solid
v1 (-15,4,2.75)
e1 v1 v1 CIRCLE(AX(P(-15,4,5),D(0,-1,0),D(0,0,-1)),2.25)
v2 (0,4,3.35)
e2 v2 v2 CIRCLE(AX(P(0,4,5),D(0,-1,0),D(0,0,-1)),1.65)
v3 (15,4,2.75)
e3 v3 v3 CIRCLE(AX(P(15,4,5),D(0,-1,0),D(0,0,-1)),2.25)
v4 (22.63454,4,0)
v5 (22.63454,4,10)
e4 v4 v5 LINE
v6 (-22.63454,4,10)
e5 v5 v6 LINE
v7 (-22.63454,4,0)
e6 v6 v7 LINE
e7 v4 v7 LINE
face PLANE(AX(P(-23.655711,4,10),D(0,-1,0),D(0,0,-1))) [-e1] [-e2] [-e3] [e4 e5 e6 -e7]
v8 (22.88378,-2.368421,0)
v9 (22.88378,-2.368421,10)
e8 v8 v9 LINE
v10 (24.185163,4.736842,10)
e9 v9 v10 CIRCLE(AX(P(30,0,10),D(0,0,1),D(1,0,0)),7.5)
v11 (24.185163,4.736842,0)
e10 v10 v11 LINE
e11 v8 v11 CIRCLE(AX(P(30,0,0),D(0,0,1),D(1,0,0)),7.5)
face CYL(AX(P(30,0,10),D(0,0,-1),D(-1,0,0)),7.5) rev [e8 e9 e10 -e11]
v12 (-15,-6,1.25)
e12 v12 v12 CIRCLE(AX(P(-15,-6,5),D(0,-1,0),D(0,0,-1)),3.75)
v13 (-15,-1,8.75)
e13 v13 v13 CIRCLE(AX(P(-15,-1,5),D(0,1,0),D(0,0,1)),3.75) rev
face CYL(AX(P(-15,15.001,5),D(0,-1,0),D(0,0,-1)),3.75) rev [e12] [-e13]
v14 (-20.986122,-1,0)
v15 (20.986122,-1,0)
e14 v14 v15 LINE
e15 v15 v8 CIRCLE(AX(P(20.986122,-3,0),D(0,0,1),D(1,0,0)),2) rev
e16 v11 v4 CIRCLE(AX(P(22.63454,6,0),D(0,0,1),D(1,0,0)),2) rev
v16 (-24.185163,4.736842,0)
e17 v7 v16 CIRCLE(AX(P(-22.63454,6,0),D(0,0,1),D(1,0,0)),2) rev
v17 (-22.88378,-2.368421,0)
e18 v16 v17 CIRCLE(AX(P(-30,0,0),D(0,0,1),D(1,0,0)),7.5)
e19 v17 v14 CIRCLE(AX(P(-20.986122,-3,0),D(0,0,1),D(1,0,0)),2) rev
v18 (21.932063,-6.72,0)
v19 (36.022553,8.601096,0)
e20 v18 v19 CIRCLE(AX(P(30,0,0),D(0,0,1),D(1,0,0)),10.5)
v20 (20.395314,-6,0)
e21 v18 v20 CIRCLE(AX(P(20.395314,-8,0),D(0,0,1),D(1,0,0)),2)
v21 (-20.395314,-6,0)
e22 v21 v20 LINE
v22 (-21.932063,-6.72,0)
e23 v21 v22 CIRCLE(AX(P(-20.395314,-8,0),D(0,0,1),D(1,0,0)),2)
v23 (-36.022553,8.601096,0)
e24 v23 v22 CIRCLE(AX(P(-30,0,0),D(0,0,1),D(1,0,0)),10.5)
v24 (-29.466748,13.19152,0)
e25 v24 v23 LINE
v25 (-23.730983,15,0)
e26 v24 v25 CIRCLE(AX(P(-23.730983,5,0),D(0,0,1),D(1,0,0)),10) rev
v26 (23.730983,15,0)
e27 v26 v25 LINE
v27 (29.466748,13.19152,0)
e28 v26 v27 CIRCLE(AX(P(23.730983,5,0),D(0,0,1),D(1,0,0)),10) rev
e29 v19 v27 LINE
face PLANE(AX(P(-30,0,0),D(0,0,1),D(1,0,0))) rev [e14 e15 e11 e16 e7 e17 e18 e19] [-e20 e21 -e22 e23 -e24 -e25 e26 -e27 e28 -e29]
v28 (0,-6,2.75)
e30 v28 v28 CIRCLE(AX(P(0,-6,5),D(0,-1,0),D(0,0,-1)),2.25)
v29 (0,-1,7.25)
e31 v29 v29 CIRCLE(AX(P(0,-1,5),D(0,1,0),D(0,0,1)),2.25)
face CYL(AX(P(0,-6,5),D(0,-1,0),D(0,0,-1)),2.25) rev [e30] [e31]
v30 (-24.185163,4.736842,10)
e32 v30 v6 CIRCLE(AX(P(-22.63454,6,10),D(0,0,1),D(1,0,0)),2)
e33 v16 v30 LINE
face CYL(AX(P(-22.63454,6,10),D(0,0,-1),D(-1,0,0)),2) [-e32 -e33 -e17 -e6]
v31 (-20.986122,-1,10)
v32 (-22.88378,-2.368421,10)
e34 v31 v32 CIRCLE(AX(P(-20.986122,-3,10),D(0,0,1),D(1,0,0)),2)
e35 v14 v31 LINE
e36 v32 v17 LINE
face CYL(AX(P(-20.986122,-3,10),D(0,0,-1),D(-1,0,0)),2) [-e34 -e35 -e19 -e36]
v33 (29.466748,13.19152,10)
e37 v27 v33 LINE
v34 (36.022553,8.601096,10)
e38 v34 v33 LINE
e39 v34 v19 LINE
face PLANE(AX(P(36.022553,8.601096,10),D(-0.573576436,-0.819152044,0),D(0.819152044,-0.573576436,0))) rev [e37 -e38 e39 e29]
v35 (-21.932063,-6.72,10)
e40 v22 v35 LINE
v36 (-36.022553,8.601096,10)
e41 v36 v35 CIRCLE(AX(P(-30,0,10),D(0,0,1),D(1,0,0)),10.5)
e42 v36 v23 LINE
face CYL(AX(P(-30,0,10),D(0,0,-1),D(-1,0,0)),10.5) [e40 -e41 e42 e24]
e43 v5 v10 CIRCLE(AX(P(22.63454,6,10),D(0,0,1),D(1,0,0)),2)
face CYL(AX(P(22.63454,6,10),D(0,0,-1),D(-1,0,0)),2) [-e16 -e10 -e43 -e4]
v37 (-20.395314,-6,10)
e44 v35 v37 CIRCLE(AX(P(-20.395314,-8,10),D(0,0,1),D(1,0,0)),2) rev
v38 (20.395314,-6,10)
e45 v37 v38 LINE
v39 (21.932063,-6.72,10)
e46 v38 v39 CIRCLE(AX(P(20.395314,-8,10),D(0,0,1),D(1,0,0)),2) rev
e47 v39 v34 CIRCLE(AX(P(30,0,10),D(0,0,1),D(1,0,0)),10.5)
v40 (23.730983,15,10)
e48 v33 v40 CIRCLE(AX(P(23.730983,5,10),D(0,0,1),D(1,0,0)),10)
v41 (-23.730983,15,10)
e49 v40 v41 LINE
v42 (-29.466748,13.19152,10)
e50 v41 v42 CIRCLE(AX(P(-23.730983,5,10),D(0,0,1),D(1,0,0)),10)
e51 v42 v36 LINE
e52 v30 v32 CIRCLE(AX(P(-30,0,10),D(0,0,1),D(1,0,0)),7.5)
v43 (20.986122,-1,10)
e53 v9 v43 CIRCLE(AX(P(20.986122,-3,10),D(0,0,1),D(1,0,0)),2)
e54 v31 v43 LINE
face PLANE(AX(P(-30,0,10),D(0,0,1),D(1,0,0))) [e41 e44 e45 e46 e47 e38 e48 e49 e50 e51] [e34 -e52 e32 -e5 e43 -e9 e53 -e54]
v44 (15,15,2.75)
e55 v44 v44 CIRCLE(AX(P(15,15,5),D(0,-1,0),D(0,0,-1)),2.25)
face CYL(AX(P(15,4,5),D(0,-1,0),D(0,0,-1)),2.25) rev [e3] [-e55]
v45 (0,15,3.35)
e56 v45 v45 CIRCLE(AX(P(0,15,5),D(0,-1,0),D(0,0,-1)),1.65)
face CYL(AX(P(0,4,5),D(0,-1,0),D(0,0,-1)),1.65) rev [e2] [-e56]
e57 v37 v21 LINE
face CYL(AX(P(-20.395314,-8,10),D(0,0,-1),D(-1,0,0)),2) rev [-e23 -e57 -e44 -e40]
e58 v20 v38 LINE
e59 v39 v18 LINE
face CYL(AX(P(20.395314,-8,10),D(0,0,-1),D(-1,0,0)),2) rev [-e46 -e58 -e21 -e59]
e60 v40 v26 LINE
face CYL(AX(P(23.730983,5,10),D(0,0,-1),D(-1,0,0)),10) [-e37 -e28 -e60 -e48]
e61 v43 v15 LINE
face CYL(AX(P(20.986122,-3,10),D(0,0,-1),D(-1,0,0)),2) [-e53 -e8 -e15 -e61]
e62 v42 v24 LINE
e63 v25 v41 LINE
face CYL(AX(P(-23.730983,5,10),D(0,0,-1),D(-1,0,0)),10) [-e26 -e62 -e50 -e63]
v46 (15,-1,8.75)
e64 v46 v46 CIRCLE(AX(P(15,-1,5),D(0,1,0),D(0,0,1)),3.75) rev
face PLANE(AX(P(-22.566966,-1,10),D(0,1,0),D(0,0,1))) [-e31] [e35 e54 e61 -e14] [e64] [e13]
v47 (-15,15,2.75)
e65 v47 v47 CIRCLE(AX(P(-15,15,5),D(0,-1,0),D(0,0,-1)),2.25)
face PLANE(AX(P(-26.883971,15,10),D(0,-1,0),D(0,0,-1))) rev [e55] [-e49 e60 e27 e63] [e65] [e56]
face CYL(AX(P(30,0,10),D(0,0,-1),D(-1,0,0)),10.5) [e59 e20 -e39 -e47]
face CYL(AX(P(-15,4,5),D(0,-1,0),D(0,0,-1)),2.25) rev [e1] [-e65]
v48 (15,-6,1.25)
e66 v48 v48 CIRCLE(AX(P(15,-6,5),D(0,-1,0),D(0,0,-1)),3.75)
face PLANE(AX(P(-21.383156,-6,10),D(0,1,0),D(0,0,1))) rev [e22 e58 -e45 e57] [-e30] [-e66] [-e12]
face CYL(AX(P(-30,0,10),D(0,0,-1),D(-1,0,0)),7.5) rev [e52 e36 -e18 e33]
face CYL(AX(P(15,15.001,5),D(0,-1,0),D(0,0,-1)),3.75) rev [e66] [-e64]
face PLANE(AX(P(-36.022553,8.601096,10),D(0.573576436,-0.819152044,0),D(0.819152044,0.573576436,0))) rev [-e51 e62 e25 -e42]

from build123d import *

# Parameters (mm, degrees)
EXTRUDE_1_DEPTH       = 10
CUT_EXTRUDE_1_REACH   = 23
SKETCH_3_R            = 3.75
HOLE_WIZARD_M41_D     = 4.5
HOLE_WIZARD_M42_D     = 4.5
HOLE_WIZARD_M42_DEPTH = 5
M4X0_71_D             = 3.3
FILLET_1_R            = 10
FILLET_2_R            = 2


with BuildPart() as part:
    # Эскиз1 → Бобышка-Вытянуть1 (new body)
    with BuildSketch(Plane.XY):
        with BuildLine():
            Line((-26.883971253, 15), (26.883971253, 15))
            Line((26.883971253, 15), (36.022552582, 8.601096465))
            ThreePointArc((36.022552582, 8.601096465), (37.414889847, -7.43433982), (21.38315603, -6))
            Line((21.38315603, -6), (-21.38315603, -6))
            ThreePointArc((-21.38315603, -6), (-37.414889847, -7.43433982), (-36.022552582, 8.601096465))
            Line((-36.022552582, 8.601096465), (-26.883971253, 15))
        make_face()
        with BuildLine():
            Line((-23.65571123, 4), (23.65571123, 4))
            ThreePointArc((23.65571123, 4), (37.328277987, -1.595726088), (22.566965626, -1))
            Line((22.566965626, -1), (-22.566965626, -1))
            ThreePointArc((-22.566965626, -1), (-37.328277987, -1.595726088), (-23.65571123, 4))
        make_face(mode=Mode.SUBTRACT)
    extrude(amount=EXTRUDE_1_DEPTH)

    # Эскиз3 → Вырез-Вытянуть1 (cut, up to next)
    with BuildSketch(Plane.XZ.offset(6), mode=Mode.PRIVATE) as cut_extrude_1_sk1:
        with Locations((-15, 5)):
            Circle(SKETCH_3_R)
    cut_extrude_1_tool1 = extrude(cut_extrude_1_sk1.sketch, amount=-CUT_EXTRUDE_1_REACH, mode=Mode.PRIVATE) & part.part
    add(cut_extrude_1_tool1.solids().sort_by_distance((-15, -6, 5))[0], mode=Mode.SUBTRACT)
    # Эскиз3 → Вырез-Вытянуть1 (cut, up to next)
    with BuildSketch(Plane.XZ.offset(6), mode=Mode.PRIVATE) as cut_extrude_1_sk2:
        with Locations((15, 5)):
            Circle(SKETCH_3_R)
    cut_extrude_1_tool2 = extrude(cut_extrude_1_sk2.sketch, amount=-CUT_EXTRUDE_1_REACH, mode=Mode.PRIVATE) & part.part
    add(cut_extrude_1_tool2.solids().sort_by_distance((15, -6, 5))[0], mode=Mode.SUBTRACT)

    # Отверстие с зазором M41 (through all)
    with Locations(Plane(origin=(0, 4, 0), x_dir=(-1, 0, 0), z_dir=(0, -1, 0))):
        with Locations((-15, -5), (15, -5)):
            Hole(HOLE_WIZARD_M41_D / 2)

    # Отверстие с зазором M42
    with Locations(Plane(origin=(0, -6, 0), x_dir=(-1, 0, 0), z_dir=(0, -1, 0))):
        with Locations((0, -5)):
            Hole(HOLE_WIZARD_M42_D / 2, depth=HOLE_WIZARD_M42_DEPTH)

    # Отверстие обработанное метчиком M4x0.71 (through all)
    with Locations(Plane(origin=(0, 4, 0), x_dir=(-1, 0, 0), z_dir=(0, -1, 0))):
        with Locations((0, -5)):
            Hole(M4X0_71_D / 2)

    # Скругление1
    fillet_1_edges = [part.edges().sort_by_distance(p)[0] for p in [
        (-26.883971253, 15, 5),
        (26.883971253, 15, 5),
    ]]
    fillet(fillet_1_edges, radius=FILLET_1_R)

    # Скругление2
    fillet_2_edges = [part.edges().sort_by_distance(p)[0] for p in [
        (21.38315603, -6, 5),
        (-21.38315603, -6, 5),
        (-23.65571123, 4, 5),
        (-22.566965626, -1, 5),
        (22.566965626, -1, 5),
        (23.65571123, 4, 5),
    ]]
    fillet(fillet_2_edges, radius=FILLET_2_R)


solid = part.part
